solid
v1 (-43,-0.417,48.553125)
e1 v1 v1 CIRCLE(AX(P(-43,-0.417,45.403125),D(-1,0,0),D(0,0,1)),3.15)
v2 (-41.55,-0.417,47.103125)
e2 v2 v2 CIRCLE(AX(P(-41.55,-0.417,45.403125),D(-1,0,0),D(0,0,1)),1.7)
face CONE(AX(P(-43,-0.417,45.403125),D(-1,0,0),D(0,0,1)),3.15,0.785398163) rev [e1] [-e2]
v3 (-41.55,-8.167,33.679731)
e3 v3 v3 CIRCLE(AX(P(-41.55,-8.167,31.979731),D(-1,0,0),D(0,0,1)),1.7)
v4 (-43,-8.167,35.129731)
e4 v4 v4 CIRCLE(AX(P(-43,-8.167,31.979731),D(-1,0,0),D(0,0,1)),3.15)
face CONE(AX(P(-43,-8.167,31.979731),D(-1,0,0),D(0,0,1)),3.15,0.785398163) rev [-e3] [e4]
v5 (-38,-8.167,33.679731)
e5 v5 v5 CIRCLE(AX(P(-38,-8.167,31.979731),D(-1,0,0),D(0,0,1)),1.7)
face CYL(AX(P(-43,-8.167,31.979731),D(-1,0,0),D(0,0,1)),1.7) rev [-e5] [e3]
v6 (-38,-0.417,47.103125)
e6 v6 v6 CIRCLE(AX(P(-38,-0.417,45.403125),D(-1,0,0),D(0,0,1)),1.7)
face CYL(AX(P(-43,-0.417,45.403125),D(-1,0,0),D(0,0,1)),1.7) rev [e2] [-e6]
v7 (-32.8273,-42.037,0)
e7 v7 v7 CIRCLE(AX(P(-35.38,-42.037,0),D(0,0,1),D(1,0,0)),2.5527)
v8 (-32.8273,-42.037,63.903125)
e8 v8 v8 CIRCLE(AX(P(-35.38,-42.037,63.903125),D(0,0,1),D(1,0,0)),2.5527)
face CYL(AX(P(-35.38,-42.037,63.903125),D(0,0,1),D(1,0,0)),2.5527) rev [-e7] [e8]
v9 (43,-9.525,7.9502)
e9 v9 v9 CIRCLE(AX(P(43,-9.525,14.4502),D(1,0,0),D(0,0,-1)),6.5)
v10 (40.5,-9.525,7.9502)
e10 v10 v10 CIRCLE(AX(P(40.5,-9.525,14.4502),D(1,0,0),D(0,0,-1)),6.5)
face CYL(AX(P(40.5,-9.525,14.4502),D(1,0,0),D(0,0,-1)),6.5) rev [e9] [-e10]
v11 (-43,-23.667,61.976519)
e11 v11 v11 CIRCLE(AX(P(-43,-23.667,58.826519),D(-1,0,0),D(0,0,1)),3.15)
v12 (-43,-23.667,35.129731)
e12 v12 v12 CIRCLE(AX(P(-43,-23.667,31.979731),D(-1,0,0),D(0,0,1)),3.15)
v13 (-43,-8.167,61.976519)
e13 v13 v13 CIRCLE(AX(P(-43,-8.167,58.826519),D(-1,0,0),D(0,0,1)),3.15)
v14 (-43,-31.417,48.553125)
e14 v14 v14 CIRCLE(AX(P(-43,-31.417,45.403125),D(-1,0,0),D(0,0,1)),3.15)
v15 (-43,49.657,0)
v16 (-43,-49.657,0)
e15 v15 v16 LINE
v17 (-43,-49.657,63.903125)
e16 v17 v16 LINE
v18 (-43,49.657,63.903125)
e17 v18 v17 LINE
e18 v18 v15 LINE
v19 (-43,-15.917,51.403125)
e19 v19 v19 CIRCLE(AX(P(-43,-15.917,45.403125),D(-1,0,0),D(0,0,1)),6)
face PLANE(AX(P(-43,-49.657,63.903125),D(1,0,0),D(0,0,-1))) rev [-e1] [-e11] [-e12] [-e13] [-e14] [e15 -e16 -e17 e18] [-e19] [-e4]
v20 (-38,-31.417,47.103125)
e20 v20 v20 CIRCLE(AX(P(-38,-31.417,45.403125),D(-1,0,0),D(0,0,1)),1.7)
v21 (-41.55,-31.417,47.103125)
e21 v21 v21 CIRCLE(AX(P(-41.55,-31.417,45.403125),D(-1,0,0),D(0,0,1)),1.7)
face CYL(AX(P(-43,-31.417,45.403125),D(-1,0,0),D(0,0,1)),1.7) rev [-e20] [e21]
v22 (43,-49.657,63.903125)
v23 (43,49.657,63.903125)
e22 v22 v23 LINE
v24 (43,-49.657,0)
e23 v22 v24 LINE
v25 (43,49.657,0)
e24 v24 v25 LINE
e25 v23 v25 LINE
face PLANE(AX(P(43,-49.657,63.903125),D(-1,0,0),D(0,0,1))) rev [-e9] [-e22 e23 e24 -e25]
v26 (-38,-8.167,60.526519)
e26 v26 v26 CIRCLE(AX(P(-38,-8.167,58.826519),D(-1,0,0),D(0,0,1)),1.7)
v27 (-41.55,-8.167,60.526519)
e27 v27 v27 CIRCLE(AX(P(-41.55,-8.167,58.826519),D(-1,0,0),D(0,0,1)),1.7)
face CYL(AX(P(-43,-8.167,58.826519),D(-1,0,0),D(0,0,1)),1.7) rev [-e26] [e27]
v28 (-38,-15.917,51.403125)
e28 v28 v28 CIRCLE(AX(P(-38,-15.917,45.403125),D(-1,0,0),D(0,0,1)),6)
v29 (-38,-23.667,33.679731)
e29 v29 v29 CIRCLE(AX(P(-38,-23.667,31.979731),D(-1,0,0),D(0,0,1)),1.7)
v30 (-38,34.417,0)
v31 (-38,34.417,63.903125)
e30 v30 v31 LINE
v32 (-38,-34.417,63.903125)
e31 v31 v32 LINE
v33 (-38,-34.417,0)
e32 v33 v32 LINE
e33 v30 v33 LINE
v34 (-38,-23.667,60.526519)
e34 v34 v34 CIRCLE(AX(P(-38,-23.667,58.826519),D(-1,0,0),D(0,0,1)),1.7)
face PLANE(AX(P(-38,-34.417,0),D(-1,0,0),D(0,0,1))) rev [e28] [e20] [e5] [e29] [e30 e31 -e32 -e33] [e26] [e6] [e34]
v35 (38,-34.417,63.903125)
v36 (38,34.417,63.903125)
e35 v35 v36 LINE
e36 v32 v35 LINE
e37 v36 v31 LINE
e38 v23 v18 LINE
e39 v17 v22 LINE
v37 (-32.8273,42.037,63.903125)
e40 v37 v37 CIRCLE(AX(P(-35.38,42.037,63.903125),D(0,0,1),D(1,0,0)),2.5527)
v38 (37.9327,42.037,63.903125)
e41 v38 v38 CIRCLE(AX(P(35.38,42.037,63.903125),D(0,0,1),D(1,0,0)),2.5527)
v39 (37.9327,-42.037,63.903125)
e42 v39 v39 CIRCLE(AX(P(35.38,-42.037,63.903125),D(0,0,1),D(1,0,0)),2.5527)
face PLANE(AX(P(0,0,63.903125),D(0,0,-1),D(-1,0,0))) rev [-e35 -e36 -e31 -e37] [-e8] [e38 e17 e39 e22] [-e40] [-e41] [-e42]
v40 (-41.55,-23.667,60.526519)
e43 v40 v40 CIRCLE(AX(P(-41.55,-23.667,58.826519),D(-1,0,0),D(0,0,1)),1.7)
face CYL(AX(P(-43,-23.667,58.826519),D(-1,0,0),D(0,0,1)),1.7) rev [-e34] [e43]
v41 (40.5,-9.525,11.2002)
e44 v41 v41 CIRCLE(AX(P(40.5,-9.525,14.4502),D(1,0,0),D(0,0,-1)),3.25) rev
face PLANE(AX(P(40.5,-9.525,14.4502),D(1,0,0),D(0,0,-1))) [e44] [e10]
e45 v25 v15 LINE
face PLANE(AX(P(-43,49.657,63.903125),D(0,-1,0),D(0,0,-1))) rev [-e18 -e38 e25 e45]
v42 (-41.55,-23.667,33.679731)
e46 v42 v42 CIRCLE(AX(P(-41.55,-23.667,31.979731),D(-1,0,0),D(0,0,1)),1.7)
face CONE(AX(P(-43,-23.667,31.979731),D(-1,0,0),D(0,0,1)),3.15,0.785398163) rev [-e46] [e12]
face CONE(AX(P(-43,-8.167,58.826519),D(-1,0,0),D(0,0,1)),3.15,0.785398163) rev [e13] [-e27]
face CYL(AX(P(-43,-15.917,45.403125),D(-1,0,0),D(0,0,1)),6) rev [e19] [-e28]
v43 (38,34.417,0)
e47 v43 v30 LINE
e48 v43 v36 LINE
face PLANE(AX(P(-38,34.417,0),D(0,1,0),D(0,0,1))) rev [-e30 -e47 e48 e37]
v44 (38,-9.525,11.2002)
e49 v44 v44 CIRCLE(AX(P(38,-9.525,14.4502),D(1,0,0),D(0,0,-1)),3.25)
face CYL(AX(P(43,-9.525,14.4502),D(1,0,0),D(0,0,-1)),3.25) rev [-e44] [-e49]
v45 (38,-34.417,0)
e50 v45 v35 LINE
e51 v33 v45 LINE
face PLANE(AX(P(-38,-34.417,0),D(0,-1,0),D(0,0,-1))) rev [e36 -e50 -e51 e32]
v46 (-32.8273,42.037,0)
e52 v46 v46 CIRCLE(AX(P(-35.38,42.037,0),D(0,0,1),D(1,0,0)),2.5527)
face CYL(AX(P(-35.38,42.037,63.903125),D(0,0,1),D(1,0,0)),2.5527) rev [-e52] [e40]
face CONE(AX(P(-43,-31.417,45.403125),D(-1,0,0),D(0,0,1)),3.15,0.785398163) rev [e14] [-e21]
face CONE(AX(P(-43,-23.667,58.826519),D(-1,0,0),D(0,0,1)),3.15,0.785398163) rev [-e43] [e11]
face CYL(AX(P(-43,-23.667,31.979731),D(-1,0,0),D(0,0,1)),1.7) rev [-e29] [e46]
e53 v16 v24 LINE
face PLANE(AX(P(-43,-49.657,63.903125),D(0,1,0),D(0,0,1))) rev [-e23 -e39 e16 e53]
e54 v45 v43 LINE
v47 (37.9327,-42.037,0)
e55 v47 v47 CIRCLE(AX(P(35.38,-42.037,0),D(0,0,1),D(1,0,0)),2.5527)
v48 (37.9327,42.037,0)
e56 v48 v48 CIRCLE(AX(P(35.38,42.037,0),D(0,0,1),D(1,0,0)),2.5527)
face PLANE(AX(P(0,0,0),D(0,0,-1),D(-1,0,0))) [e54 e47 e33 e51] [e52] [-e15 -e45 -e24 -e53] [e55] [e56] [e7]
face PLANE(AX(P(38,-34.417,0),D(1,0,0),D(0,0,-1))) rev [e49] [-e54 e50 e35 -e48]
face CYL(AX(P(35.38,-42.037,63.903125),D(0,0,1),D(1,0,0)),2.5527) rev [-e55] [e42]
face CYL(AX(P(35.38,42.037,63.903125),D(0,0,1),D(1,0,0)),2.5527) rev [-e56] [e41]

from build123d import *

# Parameters (mm, degrees)
SKETCH1_W                                       = 85.999999704
SKETCH1_H                                       = 99.314
BOSS_EXTRUDE1_DEPTH                             = 63.903125051
SKETCH2_W                                       = 75.999999892
SKETCH2_H                                       = 68.834
CUT_EXTRUDE1_DEPTH                              = 92.642932229
F_6_5_6_5_DIAMETER_HOLE1_D                      = 6.5
F_6_5_6_5_DIAMETER_HOLE1_DEPTH                  = 4.999999906
F_12_0_12_DIAMETER_HOLE1_D                      = 12
F_12_0_12_DIAMETER_HOLE1_DEPTH                  = 4.999999906
CSK_FOR_M3_FLAT_HEAD_MACHINE_SCREW1_D           = 3.4
CSK_FOR_M3_FLAT_HEAD_MACHINE_SCREW1_DEPTH       = 4.999999906
CSK_FOR_M3_FLAT_HEAD_MACHINE_SCREW1_CSINK_D     = 6.3
CSK_FOR_M3_FLAT_HEAD_MACHINE_SCREW1_CSINK_ANGLE = 90
F_10_CLEARANCE_HOLE1_D                          = 5.1054
SKETCH12_R                                      = 6.499999954
CUT_EXTRUDE2_DEPTH                              = 2.499999953


with BuildPart() as part:
    # Sketch1 → Boss-Extrude1 (new body)
    with BuildSketch(Plane.XY):
        Rectangle(SKETCH1_W, SKETCH1_H)
    extrude(amount=BOSS_EXTRUDE1_DEPTH)

    # Sketch2 → Cut-Extrude1 (cut, through all)
    with BuildSketch(Plane.XY.offset(63.903125051)):
        Rectangle(SKETCH2_W, SKETCH2_H)
    extrude(amount=-CUT_EXTRUDE1_DEPTH, mode=Mode.SUBTRACT)

    # Ø6.5 (6.5) Diameter Hole1
    with Locations(Plane(origin=(42.999999852, 0, 0), x_dir=(0, 0, -1), z_dir=(1, 0, 0))):
        with Locations((-14.450199954, -9.525)):
            Hole(F_6_5_6_5_DIAMETER_HOLE1_D / 2, depth=F_6_5_6_5_DIAMETER_HOLE1_DEPTH)

    # Ø12.0 (12) Diameter Hole1
    with Locations(Plane.ZY.offset(42.999999852)):
        with Locations((45.403125094, -15.917000043)):
            Hole(F_12_0_12_DIAMETER_HOLE1_D / 2, depth=F_12_0_12_DIAMETER_HOLE1_DEPTH)

    # CSK for M3 Flat Head Machine Screw1
    with Locations(Plane.ZY.offset(42.999999852)):
        with Locations((45.403125094, -0.417000055), (58.826518842, -8.167000049), (58.826518842, -23.667000037), (45.403125094, -31.417000031), (31.979731346, -23.667000037), (31.979731346, -8.167000049)):
            CounterSinkHole(CSK_FOR_M3_FLAT_HEAD_MACHINE_SCREW1_D / 2, CSK_FOR_M3_FLAT_HEAD_MACHINE_SCREW1_CSINK_D / 2, depth=CSK_FOR_M3_FLAT_HEAD_MACHINE_SCREW1_DEPTH, counter_sink_angle=CSK_FOR_M3_FLAT_HEAD_MACHINE_SCREW1_CSINK_ANGLE)

    # #10 Clearance Hole1 (through all)
    with Locations(Plane.XY.offset(63.903125051)):
        with Locations((-35.379999852, 42.037), (35.379999852, 42.037), (-35.379999852, -42.037), (35.379999852, -42.037)):
            Hole(F_10_CLEARANCE_HOLE1_D / 2)

    # Sketch12 → Cut-Extrude2 (cut)
    with BuildSketch(Plane(origin=(42.999999852, 0, 0), x_dir=(0, 0, -1), z_dir=(1, 0, 0))):
        with Locations((-14.450199954, -9.525)):
            Circle(SKETCH12_R)
    extrude(amount=-CUT_EXTRUDE2_DEPTH, mode=Mode.SUBTRACT)


solid = part.part
